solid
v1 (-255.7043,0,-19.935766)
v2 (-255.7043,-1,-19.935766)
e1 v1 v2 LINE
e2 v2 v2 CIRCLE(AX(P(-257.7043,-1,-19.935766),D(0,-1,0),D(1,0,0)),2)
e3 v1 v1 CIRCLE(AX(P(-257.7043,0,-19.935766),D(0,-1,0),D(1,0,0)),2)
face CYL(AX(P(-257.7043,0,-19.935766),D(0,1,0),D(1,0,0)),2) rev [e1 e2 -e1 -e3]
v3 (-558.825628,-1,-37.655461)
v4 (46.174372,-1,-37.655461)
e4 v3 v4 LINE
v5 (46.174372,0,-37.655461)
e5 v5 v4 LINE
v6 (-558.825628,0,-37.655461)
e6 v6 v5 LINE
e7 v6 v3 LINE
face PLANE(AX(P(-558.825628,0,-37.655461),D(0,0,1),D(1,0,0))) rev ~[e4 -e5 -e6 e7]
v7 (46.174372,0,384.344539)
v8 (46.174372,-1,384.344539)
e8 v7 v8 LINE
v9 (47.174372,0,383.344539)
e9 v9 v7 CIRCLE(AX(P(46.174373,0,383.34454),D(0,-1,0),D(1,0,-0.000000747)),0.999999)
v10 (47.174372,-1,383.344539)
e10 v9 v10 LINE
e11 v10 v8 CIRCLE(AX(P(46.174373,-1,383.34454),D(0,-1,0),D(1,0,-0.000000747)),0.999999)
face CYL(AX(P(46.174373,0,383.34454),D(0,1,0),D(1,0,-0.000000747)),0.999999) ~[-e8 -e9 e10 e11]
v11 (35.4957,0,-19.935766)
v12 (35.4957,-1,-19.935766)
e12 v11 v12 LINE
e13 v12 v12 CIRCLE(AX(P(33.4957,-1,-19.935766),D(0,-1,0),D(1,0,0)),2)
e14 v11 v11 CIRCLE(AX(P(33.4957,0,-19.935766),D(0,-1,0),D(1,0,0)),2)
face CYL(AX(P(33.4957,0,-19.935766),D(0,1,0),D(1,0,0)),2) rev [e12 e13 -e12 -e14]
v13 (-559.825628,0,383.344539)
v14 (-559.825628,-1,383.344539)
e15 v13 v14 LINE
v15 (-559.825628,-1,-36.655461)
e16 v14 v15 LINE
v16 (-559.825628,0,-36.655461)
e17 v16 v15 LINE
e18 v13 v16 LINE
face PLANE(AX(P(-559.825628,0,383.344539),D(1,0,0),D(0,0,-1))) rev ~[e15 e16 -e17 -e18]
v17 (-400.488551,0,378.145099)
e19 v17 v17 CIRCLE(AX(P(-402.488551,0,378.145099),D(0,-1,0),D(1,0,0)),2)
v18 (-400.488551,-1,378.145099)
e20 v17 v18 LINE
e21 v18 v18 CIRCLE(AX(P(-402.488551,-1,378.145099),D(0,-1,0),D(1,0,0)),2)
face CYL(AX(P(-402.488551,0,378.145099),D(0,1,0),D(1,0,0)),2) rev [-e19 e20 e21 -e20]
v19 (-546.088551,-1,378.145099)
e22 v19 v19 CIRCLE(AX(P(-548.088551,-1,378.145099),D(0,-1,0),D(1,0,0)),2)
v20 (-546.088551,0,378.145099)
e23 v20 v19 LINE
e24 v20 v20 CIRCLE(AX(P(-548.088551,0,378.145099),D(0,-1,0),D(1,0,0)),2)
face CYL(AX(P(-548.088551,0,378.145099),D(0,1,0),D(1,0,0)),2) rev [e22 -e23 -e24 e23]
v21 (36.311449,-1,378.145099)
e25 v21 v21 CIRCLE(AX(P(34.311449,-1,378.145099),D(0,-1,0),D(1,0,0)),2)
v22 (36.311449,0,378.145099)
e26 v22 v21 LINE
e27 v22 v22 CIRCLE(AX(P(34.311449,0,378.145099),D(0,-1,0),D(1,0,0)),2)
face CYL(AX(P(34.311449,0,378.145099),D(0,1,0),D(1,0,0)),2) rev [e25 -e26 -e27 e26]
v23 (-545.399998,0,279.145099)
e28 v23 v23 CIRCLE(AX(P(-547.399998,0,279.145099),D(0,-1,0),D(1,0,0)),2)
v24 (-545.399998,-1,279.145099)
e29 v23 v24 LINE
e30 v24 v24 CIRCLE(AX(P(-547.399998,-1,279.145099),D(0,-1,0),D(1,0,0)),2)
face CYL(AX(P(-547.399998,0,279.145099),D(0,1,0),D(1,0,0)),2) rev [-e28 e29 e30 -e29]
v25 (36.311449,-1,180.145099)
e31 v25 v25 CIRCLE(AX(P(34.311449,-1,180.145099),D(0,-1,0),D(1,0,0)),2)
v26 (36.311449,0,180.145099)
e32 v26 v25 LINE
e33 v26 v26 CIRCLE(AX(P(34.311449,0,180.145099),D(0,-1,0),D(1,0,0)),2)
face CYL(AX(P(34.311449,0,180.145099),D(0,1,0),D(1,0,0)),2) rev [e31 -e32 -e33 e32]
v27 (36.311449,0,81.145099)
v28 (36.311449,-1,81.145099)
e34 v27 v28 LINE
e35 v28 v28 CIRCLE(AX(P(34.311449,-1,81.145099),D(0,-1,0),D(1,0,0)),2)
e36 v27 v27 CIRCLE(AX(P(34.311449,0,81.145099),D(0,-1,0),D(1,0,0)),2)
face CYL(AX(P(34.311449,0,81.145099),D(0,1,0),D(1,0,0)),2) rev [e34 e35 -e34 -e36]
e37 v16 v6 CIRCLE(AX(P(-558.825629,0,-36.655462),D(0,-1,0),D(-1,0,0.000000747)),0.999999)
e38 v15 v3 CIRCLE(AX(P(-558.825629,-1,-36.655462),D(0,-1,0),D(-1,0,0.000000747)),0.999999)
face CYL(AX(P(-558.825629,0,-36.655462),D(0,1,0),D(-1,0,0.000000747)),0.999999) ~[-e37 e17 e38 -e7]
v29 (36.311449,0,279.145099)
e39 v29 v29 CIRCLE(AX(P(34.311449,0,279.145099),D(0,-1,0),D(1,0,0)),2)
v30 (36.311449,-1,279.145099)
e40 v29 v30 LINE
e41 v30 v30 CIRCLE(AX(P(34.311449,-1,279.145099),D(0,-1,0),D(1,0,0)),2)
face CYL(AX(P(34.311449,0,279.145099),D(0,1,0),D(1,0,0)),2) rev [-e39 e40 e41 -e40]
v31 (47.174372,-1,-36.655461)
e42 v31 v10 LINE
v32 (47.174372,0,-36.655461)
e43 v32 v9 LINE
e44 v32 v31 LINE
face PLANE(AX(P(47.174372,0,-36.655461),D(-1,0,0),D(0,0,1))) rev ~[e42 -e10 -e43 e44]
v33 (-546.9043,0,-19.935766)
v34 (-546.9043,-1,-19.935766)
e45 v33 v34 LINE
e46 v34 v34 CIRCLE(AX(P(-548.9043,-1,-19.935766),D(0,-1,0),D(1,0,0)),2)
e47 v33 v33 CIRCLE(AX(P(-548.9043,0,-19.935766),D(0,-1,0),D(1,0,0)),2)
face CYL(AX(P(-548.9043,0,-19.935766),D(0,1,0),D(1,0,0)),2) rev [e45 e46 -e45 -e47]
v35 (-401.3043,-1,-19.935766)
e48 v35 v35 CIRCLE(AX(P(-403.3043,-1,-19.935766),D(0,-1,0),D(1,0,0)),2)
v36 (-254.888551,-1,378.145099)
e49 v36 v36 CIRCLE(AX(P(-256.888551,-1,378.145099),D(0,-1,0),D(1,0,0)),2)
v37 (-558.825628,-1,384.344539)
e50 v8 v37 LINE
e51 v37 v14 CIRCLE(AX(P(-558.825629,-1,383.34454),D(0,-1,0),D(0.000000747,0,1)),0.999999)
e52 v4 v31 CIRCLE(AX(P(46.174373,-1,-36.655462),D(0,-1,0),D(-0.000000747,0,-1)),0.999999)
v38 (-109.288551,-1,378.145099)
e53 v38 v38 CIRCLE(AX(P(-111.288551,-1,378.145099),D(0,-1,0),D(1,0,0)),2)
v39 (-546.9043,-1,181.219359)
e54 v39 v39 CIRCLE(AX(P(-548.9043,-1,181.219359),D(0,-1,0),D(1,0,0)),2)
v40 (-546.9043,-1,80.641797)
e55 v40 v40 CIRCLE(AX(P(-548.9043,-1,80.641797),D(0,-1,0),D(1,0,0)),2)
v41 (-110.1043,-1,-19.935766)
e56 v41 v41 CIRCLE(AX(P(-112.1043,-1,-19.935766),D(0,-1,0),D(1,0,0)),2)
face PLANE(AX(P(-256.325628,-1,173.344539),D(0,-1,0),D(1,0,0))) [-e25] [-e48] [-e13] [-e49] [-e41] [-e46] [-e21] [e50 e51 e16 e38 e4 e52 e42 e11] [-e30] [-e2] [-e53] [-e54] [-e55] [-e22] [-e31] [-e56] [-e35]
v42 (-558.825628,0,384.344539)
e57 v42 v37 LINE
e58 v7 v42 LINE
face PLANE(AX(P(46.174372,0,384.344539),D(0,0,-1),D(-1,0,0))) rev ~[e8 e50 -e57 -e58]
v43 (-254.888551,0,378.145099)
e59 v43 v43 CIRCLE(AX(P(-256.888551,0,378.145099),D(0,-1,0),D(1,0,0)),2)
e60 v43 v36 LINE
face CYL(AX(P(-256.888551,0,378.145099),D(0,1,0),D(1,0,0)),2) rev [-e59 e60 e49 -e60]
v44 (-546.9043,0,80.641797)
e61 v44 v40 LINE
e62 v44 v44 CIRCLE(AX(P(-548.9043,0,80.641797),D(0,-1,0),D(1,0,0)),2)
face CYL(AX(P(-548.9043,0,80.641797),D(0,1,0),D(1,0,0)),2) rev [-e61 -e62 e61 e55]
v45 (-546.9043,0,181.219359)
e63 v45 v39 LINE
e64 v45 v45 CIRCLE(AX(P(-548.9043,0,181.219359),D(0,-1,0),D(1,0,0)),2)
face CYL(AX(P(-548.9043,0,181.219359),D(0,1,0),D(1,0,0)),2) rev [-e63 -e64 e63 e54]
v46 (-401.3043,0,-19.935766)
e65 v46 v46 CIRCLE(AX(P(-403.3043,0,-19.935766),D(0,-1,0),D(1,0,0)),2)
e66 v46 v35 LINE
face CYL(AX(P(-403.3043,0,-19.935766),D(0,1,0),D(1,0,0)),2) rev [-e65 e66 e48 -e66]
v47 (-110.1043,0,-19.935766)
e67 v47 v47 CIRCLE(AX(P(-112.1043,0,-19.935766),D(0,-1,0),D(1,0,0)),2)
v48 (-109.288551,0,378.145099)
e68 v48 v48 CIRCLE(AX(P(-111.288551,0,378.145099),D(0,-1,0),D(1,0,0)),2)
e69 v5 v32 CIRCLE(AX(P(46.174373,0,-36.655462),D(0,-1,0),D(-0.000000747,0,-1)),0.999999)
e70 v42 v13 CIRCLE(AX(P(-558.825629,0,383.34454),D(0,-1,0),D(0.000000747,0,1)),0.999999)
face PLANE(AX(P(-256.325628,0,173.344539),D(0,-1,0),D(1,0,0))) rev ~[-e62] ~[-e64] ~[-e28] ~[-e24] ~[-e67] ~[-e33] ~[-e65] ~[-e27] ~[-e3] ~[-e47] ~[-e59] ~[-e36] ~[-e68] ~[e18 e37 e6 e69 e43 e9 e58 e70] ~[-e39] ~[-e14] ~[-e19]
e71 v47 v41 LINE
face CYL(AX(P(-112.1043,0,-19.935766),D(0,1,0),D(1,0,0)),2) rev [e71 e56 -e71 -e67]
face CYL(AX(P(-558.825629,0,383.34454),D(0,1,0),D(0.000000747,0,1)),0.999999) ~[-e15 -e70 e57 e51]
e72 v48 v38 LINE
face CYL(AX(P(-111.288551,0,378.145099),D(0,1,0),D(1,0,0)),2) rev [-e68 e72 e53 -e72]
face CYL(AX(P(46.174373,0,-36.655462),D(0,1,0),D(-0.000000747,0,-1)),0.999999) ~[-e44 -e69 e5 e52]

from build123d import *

# Parameters (mm, degrees)
F0_R     = 2
F1_DEPTH = 1


with BuildPart() as f1:
    # F0 (on Front) → F1 (new body)
    with BuildSketch(Plane.XZ):
        with BuildLine():
            Line((46.174372, 384.344539), (-558.825628, 384.344539))
            ThreePointArc((-558.825628, 384.344539), (-559.532735, 384.051646), (-559.825628, 383.344539))
            Line((-559.825628, 383.344539), (-559.825628, -36.655461))
            ThreePointArc((-559.825628, -36.655461), (-559.532735, -37.362568), (-558.825628, -37.655461))
            Line((-558.825628, -37.655461), (46.174372, -37.655461))
            ThreePointArc((46.174372, -37.655461), (46.881479, -37.362568), (47.174372, -36.655461))
            Line((47.174372, -36.655461), (47.174372, 383.344539))
            ThreePointArc((47.174372, 383.344539), (46.881479, 384.051646), (46.174372, 384.344539))
        make_face()
        with Locations((-548.9043, -19.935766)):
            Circle(F0_R, mode=Mode.SUBTRACT)
        with Locations((-403.3043, -19.935766)):
            Circle(F0_R, mode=Mode.SUBTRACT)
        with Locations((-257.7043, -19.935766)):
            Circle(F0_R, mode=Mode.SUBTRACT)
        with Locations((-548.9043, 80.641797)):
            Circle(F0_R, mode=Mode.SUBTRACT)
        with Locations((-112.1043, -19.935766)):
            Circle(F0_R, mode=Mode.SUBTRACT)
        with Locations((33.4957, -19.935766)):
            Circle(F0_R, mode=Mode.SUBTRACT)
        with Locations((34.311449, 81.145099)):
            Circle(F0_R, mode=Mode.SUBTRACT)
        with Locations((-548.9043, 181.219359)):
            Circle(F0_R, mode=Mode.SUBTRACT)
        with Locations((-547.399998, 279.145099)):
            Circle(F0_R, mode=Mode.SUBTRACT)
        with Locations((-548.088551, 378.145099)):
            Circle(F0_R, mode=Mode.SUBTRACT)
        with Locations((-402.488551, 378.145099)):
            Circle(F0_R, mode=Mode.SUBTRACT)
        with Locations((-256.888551, 378.145099)):
            Circle(F0_R, mode=Mode.SUBTRACT)
        with Locations((34.311449, 180.145099)):
            Circle(F0_R, mode=Mode.SUBTRACT)
        with Locations((-111.288551, 378.145099)):
            Circle(F0_R, mode=Mode.SUBTRACT)
        with Locations((34.311449, 279.145099)):
            Circle(F0_R, mode=Mode.SUBTRACT)
        with Locations((34.311449, 378.145099)):
            Circle(F0_R, mode=Mode.SUBTRACT)
    extrude(amount=F1_DEPTH)


solid = f1.part
